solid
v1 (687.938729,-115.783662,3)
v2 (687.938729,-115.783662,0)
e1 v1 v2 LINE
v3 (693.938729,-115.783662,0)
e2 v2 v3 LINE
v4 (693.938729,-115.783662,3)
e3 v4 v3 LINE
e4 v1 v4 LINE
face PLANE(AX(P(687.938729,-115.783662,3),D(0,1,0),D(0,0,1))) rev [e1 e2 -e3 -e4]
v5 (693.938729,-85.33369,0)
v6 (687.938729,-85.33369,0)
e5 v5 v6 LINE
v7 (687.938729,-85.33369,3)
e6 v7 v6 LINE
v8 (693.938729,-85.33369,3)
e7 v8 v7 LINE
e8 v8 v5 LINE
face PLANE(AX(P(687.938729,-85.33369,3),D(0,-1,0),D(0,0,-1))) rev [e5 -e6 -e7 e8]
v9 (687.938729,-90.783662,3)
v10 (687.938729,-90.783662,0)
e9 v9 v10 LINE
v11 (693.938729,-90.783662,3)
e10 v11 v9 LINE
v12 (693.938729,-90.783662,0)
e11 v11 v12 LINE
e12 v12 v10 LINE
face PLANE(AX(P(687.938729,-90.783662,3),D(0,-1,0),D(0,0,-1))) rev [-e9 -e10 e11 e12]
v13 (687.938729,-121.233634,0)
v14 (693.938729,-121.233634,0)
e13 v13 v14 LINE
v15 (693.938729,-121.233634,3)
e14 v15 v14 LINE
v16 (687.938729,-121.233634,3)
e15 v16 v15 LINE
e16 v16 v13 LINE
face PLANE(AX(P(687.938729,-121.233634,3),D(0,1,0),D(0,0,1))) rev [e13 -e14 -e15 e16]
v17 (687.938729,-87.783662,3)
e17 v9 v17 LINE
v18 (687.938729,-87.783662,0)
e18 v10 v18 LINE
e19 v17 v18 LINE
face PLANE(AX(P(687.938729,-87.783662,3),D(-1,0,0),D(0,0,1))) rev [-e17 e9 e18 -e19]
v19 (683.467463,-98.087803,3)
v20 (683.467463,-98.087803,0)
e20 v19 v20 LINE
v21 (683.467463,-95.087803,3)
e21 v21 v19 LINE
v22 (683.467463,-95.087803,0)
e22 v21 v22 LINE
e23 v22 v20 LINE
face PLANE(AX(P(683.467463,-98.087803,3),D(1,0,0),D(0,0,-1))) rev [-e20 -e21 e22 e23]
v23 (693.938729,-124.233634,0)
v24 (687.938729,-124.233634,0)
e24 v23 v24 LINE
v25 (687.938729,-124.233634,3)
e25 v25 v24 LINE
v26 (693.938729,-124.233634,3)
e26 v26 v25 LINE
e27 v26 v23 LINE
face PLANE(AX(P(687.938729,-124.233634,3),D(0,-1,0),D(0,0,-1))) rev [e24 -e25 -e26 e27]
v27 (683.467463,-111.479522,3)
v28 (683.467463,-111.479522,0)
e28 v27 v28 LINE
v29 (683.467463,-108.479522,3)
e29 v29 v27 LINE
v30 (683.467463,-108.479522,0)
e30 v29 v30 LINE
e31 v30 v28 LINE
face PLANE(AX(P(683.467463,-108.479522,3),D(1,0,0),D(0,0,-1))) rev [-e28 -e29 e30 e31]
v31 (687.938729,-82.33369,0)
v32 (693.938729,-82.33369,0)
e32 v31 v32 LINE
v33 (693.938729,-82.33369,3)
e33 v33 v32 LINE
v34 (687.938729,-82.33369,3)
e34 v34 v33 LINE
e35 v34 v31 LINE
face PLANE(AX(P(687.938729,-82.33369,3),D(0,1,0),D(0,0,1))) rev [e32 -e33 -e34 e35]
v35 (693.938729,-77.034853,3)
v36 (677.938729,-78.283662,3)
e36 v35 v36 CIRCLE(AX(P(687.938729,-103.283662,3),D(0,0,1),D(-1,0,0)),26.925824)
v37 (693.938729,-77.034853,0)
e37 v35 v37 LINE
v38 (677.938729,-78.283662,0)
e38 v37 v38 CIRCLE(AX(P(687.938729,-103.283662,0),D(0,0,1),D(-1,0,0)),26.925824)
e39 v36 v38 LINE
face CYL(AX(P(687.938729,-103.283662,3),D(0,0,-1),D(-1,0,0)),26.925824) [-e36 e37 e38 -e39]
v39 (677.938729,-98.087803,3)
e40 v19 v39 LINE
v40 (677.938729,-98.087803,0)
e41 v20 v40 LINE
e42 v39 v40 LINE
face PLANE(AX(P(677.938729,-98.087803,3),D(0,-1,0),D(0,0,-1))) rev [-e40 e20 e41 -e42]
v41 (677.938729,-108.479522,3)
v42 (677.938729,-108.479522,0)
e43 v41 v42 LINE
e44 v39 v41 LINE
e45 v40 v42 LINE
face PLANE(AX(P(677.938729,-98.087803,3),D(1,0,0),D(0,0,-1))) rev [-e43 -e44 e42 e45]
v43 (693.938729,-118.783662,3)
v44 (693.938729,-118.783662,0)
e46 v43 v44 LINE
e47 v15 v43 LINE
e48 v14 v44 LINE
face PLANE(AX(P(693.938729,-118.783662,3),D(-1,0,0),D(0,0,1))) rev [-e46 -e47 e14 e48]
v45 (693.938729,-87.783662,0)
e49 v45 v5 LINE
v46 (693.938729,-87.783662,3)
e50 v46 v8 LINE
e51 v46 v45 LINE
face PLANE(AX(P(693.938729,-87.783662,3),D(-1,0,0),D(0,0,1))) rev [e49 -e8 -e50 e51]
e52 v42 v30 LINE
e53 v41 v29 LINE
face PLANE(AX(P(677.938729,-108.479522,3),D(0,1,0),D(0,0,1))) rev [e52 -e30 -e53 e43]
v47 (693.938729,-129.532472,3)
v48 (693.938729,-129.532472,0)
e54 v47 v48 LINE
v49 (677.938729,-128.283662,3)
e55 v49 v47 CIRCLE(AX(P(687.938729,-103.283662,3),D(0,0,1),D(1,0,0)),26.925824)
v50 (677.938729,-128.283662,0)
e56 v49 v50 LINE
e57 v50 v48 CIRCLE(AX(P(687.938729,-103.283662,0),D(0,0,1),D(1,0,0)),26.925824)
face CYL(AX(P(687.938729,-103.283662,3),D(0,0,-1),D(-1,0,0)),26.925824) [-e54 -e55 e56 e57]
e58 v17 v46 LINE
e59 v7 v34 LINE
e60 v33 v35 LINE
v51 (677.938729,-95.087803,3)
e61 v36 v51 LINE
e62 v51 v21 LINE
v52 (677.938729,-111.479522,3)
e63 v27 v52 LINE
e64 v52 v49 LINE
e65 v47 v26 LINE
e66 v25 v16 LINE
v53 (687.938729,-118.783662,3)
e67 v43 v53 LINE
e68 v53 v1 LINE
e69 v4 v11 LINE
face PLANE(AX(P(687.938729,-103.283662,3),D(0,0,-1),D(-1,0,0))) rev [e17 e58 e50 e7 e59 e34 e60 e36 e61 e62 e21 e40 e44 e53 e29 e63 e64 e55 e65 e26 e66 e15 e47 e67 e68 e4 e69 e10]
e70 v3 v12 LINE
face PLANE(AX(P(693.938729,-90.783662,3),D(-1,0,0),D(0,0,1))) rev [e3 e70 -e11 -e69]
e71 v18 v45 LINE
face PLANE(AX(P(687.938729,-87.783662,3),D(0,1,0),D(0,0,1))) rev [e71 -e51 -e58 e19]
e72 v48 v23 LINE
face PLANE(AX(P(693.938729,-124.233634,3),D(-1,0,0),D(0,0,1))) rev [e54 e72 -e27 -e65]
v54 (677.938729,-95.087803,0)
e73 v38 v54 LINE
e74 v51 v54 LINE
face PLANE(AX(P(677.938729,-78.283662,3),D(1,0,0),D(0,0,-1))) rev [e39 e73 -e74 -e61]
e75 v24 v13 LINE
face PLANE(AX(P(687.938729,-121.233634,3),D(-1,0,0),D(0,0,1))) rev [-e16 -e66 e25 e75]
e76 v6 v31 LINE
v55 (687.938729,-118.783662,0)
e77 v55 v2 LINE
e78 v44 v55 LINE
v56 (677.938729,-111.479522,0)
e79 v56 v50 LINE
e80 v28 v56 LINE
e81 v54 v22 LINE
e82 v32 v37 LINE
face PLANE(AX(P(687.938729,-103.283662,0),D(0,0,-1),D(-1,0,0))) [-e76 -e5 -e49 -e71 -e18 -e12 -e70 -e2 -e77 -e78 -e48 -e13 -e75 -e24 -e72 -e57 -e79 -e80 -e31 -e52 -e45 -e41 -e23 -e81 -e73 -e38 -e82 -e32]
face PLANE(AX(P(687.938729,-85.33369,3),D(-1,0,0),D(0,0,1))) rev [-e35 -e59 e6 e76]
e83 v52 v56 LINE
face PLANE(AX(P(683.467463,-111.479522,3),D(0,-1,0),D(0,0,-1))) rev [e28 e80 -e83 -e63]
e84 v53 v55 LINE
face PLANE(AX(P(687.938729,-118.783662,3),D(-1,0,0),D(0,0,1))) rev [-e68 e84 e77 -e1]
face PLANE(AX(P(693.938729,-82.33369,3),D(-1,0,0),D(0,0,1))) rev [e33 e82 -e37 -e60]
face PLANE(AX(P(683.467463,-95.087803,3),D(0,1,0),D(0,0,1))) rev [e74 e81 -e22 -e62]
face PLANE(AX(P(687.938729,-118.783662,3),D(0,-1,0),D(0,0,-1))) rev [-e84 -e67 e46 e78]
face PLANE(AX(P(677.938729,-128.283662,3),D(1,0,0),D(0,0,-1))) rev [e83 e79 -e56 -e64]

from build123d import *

# Parameters (mm, degrees)
BASE_EXTRUDE_DEPTH = 3


with BuildPart() as part:
    # Sketch1 → Base-Extrude (new body)
    with BuildSketch(Plane.XY):
        with BuildLine():
            Line((693.938729313, -90.783662266), (693.938729313, -115.783662266))
            Line((693.938729313, -115.783662266), (687.938729313, -115.783662266))
            Line((687.938729313, -115.783662266), (687.938729313, -118.783662266))
            Line((687.938729313, -118.783662266), (693.938729313, -118.783662266))
            Line((693.938729313, -118.783662266), (693.938729313, -121.233634181))
            Line((693.938729313, -121.233634181), (687.938729313, -121.233634181))
            Line((687.938729313, -121.233634181), (687.938729313, -124.233634181))
            Line((687.938729313, -124.233634181), (693.938729313, -124.233634181))
            Line((693.938729313, -124.233634181), (693.938729313, -129.532471762))
            ThreePointArc((693.938729313, -129.532471762), (685.843524958, -130.127844479), (677.938729313, -128.283662266))
            Line((677.938729313, -128.283662266), (677.938729313, -111.479521793))
            Line((677.938729313, -111.479521793), (683.467463006, -111.479521793))
            Line((683.467463006, -111.479521793), (683.467463006, -108.479521793))
            Line((683.467463006, -108.479521793), (677.938729313, -108.479521793))
            Line((677.938729313, -108.479521793), (677.938729313, -98.087802738))
            Line((677.938729313, -98.087802738), (683.467463006, -98.087802738))
            Line((683.467463006, -98.087802738), (683.467463006, -95.087802738))
            Line((683.467463006, -95.087802738), (677.938729313, -95.087802738))
            Line((677.938729313, -95.087802738), (677.938729313, -78.283662266))
            ThreePointArc((677.938729313, -78.283662266), (685.843524958, -76.439480052), (693.938729313, -77.034852769))
            Line((693.938729313, -77.034852769), (693.938729313, -82.33369035))
            Line((693.938729313, -82.33369035), (687.938729313, -82.33369035))
            Line((687.938729313, -82.33369035), (687.938729313, -85.33369035))
            Line((687.938729313, -85.33369035), (693.938729313, -85.33369035))
            Line((693.938729313, -85.33369035), (693.938729313, -87.783662266))
            Line((693.938729313, -87.783662266), (687.938729313, -87.783662266))
            Line((687.938729313, -87.783662266), (687.938729313, -90.783662266))
            Line((687.938729313, -90.783662266), (693.938729313, -90.783662266))
        make_face()
    extrude(amount=BASE_EXTRUDE_DEPTH)


solid = part.part
